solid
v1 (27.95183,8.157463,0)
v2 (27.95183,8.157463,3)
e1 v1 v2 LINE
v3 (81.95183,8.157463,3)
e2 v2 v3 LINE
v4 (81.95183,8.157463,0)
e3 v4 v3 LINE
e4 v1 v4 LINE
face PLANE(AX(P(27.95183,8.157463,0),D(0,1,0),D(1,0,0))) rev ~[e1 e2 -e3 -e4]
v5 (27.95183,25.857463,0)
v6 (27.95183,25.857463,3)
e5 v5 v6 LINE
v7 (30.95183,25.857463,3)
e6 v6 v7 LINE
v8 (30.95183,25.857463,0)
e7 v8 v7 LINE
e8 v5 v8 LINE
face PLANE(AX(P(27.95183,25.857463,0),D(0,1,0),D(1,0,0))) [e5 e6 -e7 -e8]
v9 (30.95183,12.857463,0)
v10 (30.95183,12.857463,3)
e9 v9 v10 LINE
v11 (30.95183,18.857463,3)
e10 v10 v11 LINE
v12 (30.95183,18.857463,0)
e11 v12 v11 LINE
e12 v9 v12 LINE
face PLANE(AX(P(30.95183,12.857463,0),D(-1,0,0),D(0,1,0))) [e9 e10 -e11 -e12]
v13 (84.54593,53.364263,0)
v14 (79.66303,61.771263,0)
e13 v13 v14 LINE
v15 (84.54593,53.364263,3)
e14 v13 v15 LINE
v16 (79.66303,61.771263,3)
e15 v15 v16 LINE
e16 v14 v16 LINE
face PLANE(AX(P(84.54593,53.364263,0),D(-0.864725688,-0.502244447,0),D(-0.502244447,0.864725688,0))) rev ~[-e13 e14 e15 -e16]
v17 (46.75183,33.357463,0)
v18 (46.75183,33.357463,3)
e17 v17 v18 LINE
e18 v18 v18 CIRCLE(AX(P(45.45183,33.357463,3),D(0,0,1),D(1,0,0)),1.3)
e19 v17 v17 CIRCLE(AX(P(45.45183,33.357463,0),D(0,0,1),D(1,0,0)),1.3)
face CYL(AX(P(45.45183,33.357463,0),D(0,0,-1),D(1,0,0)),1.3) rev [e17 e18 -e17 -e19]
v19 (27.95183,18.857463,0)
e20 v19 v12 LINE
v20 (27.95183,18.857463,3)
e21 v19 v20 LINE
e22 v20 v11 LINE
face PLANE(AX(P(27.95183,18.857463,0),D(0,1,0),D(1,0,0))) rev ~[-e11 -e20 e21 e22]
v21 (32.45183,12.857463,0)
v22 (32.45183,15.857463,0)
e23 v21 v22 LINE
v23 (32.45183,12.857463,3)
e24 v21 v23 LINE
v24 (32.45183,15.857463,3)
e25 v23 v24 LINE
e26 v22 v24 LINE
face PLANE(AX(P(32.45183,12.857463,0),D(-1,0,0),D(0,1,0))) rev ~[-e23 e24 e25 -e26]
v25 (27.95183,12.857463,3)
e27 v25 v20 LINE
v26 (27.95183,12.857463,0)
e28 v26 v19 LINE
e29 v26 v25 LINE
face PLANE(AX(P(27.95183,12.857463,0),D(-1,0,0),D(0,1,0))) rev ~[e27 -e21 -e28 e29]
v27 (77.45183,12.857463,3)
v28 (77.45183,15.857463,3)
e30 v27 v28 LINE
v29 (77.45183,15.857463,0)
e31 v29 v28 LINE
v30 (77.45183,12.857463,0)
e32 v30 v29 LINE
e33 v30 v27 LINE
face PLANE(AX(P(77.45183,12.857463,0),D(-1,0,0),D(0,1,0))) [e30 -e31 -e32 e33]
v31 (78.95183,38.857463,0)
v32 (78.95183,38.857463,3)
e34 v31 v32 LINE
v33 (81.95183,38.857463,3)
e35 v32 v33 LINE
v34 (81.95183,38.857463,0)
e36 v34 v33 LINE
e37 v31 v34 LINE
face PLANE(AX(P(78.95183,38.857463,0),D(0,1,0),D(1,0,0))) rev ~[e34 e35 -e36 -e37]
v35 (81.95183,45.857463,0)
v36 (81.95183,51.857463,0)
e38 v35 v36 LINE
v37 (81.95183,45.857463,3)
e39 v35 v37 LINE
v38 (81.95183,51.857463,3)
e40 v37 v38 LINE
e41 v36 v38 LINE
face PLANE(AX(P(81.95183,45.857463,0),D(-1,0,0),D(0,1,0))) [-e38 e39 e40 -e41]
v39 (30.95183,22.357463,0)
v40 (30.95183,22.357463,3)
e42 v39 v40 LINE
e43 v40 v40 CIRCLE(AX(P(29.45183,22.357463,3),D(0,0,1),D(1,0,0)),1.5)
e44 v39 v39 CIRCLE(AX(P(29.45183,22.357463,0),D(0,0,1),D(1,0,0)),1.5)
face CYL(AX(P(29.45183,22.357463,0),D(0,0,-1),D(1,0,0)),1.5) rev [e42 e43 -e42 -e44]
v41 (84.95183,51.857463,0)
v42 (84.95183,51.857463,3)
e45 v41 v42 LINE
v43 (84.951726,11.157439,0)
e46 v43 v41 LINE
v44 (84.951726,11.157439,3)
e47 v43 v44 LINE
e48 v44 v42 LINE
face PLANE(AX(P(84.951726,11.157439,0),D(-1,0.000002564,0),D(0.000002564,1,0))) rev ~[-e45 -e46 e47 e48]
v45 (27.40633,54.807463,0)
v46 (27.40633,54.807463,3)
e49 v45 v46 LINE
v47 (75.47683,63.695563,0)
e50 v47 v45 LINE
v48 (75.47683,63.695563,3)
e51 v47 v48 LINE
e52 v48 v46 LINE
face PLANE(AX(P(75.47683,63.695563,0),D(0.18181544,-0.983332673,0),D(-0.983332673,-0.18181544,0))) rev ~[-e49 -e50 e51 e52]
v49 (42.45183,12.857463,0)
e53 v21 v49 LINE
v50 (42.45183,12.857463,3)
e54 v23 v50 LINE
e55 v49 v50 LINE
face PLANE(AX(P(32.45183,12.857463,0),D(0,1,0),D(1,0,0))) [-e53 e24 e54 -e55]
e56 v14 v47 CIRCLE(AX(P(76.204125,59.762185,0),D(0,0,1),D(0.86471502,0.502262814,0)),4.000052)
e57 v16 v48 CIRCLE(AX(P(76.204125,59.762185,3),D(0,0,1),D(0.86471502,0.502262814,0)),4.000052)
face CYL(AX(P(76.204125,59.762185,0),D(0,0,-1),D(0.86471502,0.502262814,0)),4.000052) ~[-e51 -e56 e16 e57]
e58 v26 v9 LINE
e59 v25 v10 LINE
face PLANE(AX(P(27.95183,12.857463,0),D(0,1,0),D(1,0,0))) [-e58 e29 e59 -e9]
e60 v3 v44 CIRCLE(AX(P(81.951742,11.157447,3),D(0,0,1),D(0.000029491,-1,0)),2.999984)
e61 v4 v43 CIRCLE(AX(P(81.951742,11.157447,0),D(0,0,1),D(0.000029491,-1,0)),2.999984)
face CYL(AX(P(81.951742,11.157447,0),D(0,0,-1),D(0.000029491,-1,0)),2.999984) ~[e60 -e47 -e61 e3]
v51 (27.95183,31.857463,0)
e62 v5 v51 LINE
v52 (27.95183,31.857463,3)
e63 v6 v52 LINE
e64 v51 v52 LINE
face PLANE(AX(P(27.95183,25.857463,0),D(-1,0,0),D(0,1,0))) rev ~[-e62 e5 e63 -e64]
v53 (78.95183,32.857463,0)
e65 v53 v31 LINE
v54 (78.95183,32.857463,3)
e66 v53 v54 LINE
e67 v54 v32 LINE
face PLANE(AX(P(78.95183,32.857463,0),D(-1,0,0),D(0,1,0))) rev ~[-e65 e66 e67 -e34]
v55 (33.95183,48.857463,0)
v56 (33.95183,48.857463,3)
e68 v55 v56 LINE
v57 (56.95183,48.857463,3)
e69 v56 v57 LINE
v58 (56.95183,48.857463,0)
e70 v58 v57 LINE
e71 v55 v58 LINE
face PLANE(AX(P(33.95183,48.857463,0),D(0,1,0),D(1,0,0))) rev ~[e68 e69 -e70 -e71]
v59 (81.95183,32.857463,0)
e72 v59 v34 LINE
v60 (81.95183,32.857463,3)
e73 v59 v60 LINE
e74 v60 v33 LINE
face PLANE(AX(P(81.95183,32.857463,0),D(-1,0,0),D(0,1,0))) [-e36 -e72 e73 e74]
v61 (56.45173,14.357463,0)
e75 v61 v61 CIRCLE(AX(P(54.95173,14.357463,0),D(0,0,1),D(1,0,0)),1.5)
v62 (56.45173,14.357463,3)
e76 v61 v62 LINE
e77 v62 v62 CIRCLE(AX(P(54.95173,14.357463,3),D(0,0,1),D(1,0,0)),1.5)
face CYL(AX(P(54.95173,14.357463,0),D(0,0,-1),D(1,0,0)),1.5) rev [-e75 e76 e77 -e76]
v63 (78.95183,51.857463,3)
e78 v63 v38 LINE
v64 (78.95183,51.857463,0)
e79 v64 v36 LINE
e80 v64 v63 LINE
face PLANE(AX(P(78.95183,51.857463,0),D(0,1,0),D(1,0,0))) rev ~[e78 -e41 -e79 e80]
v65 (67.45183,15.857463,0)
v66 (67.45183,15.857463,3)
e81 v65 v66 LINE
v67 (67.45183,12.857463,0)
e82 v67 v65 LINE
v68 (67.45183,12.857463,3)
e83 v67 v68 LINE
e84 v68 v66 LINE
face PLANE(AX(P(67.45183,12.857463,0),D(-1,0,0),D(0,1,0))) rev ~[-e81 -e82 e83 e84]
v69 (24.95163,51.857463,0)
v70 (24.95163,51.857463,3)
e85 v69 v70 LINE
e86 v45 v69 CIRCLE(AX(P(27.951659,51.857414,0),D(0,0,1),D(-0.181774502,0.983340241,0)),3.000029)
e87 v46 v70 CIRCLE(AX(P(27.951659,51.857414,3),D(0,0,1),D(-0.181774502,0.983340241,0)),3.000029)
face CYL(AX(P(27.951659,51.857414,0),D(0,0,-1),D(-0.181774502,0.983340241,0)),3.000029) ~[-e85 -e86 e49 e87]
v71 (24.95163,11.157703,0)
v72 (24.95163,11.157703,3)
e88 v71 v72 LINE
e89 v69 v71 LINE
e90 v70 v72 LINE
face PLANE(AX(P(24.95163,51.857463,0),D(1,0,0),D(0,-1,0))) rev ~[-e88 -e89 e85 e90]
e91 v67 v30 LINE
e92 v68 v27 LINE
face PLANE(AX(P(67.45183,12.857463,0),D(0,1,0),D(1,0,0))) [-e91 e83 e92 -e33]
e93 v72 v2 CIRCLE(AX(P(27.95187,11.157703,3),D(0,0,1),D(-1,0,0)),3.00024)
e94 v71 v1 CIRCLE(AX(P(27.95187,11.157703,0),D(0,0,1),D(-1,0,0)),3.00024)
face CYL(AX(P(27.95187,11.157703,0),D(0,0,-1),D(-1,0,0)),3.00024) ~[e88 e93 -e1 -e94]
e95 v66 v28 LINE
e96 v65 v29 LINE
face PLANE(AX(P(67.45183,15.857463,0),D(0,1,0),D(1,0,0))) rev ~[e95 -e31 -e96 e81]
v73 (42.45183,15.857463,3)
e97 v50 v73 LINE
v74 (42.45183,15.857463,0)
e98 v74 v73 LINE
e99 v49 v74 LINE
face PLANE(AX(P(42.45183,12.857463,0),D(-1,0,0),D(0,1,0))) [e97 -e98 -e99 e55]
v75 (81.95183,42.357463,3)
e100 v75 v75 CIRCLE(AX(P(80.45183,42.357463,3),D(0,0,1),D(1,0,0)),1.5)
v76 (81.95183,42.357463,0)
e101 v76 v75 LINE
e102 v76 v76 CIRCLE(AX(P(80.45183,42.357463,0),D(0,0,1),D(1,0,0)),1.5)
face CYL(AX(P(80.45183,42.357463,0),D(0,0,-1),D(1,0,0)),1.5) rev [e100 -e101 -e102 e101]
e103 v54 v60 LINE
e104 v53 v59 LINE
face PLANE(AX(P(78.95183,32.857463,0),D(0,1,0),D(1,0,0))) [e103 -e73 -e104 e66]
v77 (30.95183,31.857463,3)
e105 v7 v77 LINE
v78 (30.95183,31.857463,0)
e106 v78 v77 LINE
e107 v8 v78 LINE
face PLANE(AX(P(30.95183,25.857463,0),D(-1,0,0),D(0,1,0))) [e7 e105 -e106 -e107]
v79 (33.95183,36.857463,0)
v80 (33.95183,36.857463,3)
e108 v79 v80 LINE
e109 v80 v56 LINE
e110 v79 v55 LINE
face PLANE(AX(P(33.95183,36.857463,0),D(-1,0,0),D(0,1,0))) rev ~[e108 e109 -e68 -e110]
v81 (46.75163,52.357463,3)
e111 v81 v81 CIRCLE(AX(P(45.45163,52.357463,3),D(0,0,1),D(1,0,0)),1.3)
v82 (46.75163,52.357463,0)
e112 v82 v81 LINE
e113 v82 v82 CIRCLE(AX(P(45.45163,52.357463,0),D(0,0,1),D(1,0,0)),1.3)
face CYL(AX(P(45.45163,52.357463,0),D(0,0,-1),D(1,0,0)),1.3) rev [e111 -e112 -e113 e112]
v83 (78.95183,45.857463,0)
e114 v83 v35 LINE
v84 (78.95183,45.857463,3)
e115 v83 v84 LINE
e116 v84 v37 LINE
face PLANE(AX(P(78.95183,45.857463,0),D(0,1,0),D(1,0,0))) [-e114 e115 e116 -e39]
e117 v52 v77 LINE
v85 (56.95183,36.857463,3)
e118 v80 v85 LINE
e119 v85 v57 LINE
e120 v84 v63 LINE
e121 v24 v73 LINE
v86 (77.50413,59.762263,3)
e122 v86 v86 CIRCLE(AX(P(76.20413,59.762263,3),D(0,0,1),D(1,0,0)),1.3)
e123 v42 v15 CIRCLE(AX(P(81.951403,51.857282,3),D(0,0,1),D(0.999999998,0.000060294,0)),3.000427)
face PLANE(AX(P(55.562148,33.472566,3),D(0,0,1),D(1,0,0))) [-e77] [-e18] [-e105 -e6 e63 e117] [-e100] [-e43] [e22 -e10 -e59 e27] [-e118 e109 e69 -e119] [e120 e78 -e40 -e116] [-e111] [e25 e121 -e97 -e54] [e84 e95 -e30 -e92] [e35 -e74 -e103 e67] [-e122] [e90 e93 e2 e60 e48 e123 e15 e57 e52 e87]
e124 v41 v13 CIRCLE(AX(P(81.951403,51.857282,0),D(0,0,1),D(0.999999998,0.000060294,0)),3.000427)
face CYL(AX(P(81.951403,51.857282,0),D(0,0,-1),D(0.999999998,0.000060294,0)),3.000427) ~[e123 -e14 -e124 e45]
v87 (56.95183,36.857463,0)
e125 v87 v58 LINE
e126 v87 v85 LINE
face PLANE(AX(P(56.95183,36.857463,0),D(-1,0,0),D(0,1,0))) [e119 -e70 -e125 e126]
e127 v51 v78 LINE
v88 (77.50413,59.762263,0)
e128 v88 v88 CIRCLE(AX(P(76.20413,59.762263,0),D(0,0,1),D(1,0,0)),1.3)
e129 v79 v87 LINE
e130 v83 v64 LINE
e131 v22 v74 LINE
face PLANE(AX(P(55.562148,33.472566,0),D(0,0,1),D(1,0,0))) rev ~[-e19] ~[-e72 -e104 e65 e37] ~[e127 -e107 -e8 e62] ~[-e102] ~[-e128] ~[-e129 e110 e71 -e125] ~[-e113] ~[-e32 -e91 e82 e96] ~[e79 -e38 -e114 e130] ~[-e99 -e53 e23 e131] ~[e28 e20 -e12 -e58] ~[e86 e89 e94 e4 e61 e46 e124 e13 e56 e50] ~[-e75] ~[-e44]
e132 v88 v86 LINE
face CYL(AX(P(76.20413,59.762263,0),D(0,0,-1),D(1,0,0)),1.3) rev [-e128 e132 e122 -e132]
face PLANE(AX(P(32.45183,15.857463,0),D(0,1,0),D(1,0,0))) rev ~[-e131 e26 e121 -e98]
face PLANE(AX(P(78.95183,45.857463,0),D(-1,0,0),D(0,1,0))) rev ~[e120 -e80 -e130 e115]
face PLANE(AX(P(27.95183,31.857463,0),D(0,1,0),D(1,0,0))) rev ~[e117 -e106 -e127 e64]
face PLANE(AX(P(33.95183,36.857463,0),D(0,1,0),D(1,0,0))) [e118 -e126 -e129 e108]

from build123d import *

# Parameters (mm, degrees)
MODEL_R             = 1.300000008
MODEL_R_2           = 1.3
MODEL_R_3           = 1.500000002
MODEL_W             = 3
MODEL_H             = 6
MODEL_W_2           = 23
MODEL_H_2           = 12
MODEL_W_3           = 10
MODEL_H_3           = 3
BOSS_EXTRUDE1_DEPTH = 3


with BuildPart() as part:
    # Model → Boss-Extrude1 (new body)
    with BuildSketch(Plane.XY):
        with BuildLine():
            Line((24.95163, 51.857462577), (24.95163, 11.157702759))
            ThreePointArc((24.95163, 11.157702759), (25.830365801, 9.036226784), (27.95183001, 8.157462577))
            Line((27.95183001, 8.157462577), (81.95183001, 8.157462577))
            ThreePointArc((81.95183001, 8.157462577), (84.0730792, 9.036166136), (84.951725641, 11.157438987))
            Line((84.951725641, 11.157438987), (84.95183, 51.857462577))
            ThreePointArc((84.95183, 51.857462577), (84.848554916, 52.637712888), (84.54593, 53.364262577))
            Line((84.54593, 53.364262577), (79.66303, 61.771262577))
            ThreePointArc((79.66303, 61.771262577), (77.874800295, 63.39663974), (75.47683, 63.695562577))
            Line((75.47683, 63.695562577), (27.40633, 54.807462577))
            ThreePointArc((27.40633, 54.807462577), (25.64557658, 53.776308467), (24.95163, 51.857462577))
        make_face()
        with Locations((45.451629992, 52.357462585)):
            Circle(MODEL_R, mode=Mode.SUBTRACT)
        with Locations((45.451829992, 33.357462569)):
            Circle(MODEL_R, mode=Mode.SUBTRACT)
        with Locations((76.20413, 59.762262577)):
            Circle(MODEL_R_2, mode=Mode.SUBTRACT)
        with Locations((54.951729998, 14.357462579)):
            Circle(MODEL_R_3, mode=Mode.SUBTRACT)
        with Locations((29.451829998, 22.357462575)):
            Circle(MODEL_R_3, mode=Mode.SUBTRACT)
        with Locations((80.451829998, 42.357462575)):
            Circle(MODEL_R_3, mode=Mode.SUBTRACT)
        with Locations((29.45183, 28.857462577)):
            Rectangle(MODEL_W, MODEL_H, mode=Mode.SUBTRACT)
        with Locations((45.45183, 42.857462577)):
            Rectangle(MODEL_W_2, MODEL_H_2, mode=Mode.SUBTRACT)
        with Locations((29.45183, 15.857462577)):
            Rectangle(MODEL_W, MODEL_H, mode=Mode.SUBTRACT)
        with Locations((37.45183, 14.357462577)):
            Rectangle(MODEL_W_3, MODEL_H_3, mode=Mode.SUBTRACT)
        with Locations((72.45183, 14.357462577)):
            Rectangle(MODEL_W_3, MODEL_H_3, mode=Mode.SUBTRACT)
        with Locations((80.45183, 35.857462577)):
            Rectangle(MODEL_W, MODEL_H, mode=Mode.SUBTRACT)
        with Locations((80.45183, 48.857462577)):
            Rectangle(MODEL_W, MODEL_H, mode=Mode.SUBTRACT)
    extrude(amount=BOSS_EXTRUDE1_DEPTH)


solid = part.part
